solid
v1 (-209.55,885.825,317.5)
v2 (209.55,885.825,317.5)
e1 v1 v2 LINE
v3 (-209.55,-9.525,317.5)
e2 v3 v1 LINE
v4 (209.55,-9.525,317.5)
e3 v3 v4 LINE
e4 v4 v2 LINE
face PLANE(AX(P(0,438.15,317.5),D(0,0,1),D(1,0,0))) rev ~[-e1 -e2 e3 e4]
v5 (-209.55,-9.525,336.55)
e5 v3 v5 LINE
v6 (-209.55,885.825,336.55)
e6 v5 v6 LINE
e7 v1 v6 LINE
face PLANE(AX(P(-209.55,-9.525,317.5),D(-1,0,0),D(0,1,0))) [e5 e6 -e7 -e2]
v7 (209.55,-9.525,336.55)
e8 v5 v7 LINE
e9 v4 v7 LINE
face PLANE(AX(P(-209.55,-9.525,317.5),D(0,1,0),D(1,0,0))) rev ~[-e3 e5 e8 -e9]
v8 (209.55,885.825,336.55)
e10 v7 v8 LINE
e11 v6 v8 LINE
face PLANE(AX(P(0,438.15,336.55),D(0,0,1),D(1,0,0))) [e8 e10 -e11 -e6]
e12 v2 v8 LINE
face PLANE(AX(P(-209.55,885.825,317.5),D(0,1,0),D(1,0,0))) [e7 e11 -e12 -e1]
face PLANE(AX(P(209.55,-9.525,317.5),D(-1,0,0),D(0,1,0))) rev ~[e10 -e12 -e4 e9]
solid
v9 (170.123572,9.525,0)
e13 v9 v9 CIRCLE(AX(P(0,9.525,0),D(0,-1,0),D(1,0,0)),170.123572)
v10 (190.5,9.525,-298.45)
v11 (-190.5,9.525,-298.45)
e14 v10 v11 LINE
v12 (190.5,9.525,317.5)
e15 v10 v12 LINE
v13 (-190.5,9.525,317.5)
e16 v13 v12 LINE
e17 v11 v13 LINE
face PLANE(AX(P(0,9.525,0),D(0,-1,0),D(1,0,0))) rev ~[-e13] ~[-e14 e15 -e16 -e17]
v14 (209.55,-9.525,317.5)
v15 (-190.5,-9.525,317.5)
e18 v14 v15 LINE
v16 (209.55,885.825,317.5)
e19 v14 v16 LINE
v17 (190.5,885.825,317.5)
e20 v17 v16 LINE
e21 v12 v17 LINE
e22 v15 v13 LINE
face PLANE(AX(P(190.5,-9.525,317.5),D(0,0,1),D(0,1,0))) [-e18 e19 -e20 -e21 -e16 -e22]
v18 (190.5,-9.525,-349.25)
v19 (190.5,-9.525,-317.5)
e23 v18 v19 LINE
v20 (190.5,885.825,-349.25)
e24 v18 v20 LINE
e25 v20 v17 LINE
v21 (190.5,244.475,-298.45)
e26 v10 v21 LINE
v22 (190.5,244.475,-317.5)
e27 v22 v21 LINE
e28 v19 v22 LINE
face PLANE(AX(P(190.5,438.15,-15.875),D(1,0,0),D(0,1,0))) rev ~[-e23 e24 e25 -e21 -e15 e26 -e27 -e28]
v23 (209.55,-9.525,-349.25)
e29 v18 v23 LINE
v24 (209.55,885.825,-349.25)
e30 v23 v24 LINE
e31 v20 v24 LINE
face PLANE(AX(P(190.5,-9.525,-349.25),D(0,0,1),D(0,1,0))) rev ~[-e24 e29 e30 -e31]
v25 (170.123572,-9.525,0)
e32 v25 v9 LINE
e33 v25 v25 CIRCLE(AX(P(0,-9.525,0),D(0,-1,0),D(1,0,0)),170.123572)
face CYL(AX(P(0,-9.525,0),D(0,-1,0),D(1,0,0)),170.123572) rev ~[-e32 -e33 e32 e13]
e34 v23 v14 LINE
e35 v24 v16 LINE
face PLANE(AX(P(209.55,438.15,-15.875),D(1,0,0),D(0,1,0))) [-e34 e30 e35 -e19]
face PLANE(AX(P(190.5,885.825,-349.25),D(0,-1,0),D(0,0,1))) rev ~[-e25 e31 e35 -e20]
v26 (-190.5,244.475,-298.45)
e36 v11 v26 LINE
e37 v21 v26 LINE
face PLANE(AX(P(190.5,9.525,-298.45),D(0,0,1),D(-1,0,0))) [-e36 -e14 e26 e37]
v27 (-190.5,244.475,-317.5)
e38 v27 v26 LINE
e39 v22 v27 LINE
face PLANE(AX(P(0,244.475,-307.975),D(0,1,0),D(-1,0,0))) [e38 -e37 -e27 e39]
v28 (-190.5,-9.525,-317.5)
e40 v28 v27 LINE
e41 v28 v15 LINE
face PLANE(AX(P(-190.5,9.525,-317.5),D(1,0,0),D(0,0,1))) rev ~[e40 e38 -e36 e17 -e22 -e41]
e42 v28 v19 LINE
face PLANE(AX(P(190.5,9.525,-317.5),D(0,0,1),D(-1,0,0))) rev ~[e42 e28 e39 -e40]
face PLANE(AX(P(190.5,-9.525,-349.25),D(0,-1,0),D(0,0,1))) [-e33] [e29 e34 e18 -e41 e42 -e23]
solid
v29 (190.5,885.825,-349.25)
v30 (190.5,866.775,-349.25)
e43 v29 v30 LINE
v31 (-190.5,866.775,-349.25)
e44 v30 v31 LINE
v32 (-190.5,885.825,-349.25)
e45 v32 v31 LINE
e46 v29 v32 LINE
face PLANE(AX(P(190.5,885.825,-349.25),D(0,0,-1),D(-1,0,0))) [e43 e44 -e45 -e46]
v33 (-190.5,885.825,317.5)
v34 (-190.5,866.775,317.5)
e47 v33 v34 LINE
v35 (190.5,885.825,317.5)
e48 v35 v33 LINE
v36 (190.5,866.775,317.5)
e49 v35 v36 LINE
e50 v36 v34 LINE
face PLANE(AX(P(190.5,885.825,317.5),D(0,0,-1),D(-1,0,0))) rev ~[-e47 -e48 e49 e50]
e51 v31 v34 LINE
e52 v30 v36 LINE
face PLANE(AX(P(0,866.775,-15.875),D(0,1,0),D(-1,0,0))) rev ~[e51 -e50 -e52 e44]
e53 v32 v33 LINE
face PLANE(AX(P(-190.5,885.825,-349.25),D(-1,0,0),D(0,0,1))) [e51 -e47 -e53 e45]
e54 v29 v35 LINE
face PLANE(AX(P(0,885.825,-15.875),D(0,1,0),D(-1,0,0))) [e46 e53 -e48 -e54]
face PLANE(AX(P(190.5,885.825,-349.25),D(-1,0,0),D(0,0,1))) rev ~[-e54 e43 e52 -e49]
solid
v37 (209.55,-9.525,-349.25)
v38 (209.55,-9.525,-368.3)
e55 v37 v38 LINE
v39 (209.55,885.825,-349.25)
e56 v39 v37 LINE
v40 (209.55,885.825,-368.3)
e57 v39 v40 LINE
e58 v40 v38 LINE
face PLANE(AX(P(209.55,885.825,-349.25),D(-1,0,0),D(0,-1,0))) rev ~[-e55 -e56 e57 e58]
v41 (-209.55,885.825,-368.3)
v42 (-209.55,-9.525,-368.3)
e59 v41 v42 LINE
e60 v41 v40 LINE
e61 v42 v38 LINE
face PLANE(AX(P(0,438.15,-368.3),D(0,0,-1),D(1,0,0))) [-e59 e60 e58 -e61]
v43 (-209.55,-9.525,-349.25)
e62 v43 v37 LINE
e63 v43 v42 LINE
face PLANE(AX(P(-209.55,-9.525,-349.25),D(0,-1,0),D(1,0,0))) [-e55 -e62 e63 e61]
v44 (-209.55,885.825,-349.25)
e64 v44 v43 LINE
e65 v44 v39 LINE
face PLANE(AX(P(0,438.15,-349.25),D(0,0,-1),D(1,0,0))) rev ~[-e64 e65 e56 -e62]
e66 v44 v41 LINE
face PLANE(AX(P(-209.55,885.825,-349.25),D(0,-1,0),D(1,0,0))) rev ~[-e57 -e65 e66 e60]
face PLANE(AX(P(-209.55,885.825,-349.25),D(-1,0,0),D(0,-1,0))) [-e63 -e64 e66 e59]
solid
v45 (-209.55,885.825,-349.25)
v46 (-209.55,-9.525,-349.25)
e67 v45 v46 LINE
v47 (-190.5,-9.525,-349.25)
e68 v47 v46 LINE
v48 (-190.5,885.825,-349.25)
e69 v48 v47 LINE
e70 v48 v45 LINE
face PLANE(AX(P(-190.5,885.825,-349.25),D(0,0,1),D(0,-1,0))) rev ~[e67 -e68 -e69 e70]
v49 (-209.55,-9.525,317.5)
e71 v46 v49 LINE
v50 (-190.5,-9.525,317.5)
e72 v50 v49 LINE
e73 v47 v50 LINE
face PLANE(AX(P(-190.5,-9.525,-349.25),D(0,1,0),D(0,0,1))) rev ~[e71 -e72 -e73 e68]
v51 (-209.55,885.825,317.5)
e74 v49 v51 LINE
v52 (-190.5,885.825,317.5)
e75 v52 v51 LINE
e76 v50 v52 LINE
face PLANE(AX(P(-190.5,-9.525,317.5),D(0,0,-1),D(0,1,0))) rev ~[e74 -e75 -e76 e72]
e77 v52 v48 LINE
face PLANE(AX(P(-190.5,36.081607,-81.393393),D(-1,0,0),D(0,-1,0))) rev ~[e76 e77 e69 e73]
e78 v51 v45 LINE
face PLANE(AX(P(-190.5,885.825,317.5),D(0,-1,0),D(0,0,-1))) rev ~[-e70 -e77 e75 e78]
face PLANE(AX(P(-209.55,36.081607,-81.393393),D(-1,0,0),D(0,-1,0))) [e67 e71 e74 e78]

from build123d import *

# Parameters (mm, degrees)
F0_W      = 381
F0_H      = 635
F1_DEPTH  = 9.525
F2_R      = 170.1235720866
F3_DEPTH  = 19.05
F4_W      = 381
F4_H      = 19.05
F5_DEPTH  = 234.95
F7_DEPTH  = 19.05
F8_W      = 895.35
F8_H      = 666.75
F9_DEPTH  = 19.05
F10_W     = 419.1
F10_H     = 895.35
F11_DEPTH = 19.05
F12_W     = 419.1
F12_H     = 895.35
F13_DEPTH = 19.05
F14_W     = 381
F14_H     = 666.75
F15_DEPTH = 19.05


with BuildPart() as f1:
    # F0 (on Front) → F1 (new body, symmetric)
    with BuildSketch(Plane.XZ):
        Rectangle(F0_W, F0_H)
    extrude(amount=F1_DEPTH, both=True)

    # F2 (on face) → F3 (cut)
    with BuildSketch(Plane.XZ.offset(9.525)):
        Circle(F2_R)
    extrude(amount=-F3_DEPTH, mode=Mode.SUBTRACT)

    # F4 (on face) → F5 (join)
    with BuildSketch(Plane(origin=(0, 9.525, 0), x_dir=(-1, 0, 0), z_dir=(0, 1, 0))):
        with Locations((0, -307.975)):
            Rectangle(F4_W, F4_H)
    extrude(amount=F5_DEPTH)

    # F8 (on face) → F9 (join)
    with BuildSketch(Plane.YZ.offset(190.5)):
        with Locations((438.15, -15.875)):
            Rectangle(F8_W, F8_H)
    extrude(amount=F9_DEPTH)


with BuildPart() as f7:
    # F6 (on face) → F7 (new body)
    with BuildSketch(Plane(origin=(-190.5, 0, 0), x_dir=(0, -1, 0), z_dir=(-1, 0, 0))):
        Polygon((9.525, -317.5), (9.525, 317.5), (-9.525, 317.5), (-9.525, -298.45), (-244.475, -298.45), (-244.475, -317.5), align=None)
        Polygon((-9.525, -298.45), (-9.525, 317.5), (-885.825, 317.5), (-885.825, -349.25), (9.525, -349.25), (9.525, -317.5), (-244.475, -317.5), (-244.475, -298.45), align=None)
    extrude(amount=F7_DEPTH)


with BuildPart() as f11:
    # F10 (on face) → F11 (new body)
    with BuildSketch(Plane(origin=(0, 0, -349.25), x_dir=(1, 0, 0), z_dir=(0, 0, -1))):
        with Locations((0, -438.15)):
            Rectangle(F10_W, F10_H)
    extrude(amount=F11_DEPTH)


with BuildPart() as f13:
    # F12 (on face) → F13 (new body)
    with BuildSketch(Plane.XY.offset(317.5)):
        with Locations((0, 438.15)):
            Rectangle(F12_W, F12_H)
    extrude(amount=F13_DEPTH)


with BuildPart() as f15:
    # F14 (on face) → F15 (new body)
    with BuildSketch(Plane(origin=(0, 885.825, 0), x_dir=(-1, 0, 0), z_dir=(0, 1, 0))):
        with Locations((0, -15.875)):
            Rectangle(F14_W, F14_H)
    extrude(amount=-F15_DEPTH)


solid = Compound([f1.part, f7.part, f11.part, f13.part, f15.part])
